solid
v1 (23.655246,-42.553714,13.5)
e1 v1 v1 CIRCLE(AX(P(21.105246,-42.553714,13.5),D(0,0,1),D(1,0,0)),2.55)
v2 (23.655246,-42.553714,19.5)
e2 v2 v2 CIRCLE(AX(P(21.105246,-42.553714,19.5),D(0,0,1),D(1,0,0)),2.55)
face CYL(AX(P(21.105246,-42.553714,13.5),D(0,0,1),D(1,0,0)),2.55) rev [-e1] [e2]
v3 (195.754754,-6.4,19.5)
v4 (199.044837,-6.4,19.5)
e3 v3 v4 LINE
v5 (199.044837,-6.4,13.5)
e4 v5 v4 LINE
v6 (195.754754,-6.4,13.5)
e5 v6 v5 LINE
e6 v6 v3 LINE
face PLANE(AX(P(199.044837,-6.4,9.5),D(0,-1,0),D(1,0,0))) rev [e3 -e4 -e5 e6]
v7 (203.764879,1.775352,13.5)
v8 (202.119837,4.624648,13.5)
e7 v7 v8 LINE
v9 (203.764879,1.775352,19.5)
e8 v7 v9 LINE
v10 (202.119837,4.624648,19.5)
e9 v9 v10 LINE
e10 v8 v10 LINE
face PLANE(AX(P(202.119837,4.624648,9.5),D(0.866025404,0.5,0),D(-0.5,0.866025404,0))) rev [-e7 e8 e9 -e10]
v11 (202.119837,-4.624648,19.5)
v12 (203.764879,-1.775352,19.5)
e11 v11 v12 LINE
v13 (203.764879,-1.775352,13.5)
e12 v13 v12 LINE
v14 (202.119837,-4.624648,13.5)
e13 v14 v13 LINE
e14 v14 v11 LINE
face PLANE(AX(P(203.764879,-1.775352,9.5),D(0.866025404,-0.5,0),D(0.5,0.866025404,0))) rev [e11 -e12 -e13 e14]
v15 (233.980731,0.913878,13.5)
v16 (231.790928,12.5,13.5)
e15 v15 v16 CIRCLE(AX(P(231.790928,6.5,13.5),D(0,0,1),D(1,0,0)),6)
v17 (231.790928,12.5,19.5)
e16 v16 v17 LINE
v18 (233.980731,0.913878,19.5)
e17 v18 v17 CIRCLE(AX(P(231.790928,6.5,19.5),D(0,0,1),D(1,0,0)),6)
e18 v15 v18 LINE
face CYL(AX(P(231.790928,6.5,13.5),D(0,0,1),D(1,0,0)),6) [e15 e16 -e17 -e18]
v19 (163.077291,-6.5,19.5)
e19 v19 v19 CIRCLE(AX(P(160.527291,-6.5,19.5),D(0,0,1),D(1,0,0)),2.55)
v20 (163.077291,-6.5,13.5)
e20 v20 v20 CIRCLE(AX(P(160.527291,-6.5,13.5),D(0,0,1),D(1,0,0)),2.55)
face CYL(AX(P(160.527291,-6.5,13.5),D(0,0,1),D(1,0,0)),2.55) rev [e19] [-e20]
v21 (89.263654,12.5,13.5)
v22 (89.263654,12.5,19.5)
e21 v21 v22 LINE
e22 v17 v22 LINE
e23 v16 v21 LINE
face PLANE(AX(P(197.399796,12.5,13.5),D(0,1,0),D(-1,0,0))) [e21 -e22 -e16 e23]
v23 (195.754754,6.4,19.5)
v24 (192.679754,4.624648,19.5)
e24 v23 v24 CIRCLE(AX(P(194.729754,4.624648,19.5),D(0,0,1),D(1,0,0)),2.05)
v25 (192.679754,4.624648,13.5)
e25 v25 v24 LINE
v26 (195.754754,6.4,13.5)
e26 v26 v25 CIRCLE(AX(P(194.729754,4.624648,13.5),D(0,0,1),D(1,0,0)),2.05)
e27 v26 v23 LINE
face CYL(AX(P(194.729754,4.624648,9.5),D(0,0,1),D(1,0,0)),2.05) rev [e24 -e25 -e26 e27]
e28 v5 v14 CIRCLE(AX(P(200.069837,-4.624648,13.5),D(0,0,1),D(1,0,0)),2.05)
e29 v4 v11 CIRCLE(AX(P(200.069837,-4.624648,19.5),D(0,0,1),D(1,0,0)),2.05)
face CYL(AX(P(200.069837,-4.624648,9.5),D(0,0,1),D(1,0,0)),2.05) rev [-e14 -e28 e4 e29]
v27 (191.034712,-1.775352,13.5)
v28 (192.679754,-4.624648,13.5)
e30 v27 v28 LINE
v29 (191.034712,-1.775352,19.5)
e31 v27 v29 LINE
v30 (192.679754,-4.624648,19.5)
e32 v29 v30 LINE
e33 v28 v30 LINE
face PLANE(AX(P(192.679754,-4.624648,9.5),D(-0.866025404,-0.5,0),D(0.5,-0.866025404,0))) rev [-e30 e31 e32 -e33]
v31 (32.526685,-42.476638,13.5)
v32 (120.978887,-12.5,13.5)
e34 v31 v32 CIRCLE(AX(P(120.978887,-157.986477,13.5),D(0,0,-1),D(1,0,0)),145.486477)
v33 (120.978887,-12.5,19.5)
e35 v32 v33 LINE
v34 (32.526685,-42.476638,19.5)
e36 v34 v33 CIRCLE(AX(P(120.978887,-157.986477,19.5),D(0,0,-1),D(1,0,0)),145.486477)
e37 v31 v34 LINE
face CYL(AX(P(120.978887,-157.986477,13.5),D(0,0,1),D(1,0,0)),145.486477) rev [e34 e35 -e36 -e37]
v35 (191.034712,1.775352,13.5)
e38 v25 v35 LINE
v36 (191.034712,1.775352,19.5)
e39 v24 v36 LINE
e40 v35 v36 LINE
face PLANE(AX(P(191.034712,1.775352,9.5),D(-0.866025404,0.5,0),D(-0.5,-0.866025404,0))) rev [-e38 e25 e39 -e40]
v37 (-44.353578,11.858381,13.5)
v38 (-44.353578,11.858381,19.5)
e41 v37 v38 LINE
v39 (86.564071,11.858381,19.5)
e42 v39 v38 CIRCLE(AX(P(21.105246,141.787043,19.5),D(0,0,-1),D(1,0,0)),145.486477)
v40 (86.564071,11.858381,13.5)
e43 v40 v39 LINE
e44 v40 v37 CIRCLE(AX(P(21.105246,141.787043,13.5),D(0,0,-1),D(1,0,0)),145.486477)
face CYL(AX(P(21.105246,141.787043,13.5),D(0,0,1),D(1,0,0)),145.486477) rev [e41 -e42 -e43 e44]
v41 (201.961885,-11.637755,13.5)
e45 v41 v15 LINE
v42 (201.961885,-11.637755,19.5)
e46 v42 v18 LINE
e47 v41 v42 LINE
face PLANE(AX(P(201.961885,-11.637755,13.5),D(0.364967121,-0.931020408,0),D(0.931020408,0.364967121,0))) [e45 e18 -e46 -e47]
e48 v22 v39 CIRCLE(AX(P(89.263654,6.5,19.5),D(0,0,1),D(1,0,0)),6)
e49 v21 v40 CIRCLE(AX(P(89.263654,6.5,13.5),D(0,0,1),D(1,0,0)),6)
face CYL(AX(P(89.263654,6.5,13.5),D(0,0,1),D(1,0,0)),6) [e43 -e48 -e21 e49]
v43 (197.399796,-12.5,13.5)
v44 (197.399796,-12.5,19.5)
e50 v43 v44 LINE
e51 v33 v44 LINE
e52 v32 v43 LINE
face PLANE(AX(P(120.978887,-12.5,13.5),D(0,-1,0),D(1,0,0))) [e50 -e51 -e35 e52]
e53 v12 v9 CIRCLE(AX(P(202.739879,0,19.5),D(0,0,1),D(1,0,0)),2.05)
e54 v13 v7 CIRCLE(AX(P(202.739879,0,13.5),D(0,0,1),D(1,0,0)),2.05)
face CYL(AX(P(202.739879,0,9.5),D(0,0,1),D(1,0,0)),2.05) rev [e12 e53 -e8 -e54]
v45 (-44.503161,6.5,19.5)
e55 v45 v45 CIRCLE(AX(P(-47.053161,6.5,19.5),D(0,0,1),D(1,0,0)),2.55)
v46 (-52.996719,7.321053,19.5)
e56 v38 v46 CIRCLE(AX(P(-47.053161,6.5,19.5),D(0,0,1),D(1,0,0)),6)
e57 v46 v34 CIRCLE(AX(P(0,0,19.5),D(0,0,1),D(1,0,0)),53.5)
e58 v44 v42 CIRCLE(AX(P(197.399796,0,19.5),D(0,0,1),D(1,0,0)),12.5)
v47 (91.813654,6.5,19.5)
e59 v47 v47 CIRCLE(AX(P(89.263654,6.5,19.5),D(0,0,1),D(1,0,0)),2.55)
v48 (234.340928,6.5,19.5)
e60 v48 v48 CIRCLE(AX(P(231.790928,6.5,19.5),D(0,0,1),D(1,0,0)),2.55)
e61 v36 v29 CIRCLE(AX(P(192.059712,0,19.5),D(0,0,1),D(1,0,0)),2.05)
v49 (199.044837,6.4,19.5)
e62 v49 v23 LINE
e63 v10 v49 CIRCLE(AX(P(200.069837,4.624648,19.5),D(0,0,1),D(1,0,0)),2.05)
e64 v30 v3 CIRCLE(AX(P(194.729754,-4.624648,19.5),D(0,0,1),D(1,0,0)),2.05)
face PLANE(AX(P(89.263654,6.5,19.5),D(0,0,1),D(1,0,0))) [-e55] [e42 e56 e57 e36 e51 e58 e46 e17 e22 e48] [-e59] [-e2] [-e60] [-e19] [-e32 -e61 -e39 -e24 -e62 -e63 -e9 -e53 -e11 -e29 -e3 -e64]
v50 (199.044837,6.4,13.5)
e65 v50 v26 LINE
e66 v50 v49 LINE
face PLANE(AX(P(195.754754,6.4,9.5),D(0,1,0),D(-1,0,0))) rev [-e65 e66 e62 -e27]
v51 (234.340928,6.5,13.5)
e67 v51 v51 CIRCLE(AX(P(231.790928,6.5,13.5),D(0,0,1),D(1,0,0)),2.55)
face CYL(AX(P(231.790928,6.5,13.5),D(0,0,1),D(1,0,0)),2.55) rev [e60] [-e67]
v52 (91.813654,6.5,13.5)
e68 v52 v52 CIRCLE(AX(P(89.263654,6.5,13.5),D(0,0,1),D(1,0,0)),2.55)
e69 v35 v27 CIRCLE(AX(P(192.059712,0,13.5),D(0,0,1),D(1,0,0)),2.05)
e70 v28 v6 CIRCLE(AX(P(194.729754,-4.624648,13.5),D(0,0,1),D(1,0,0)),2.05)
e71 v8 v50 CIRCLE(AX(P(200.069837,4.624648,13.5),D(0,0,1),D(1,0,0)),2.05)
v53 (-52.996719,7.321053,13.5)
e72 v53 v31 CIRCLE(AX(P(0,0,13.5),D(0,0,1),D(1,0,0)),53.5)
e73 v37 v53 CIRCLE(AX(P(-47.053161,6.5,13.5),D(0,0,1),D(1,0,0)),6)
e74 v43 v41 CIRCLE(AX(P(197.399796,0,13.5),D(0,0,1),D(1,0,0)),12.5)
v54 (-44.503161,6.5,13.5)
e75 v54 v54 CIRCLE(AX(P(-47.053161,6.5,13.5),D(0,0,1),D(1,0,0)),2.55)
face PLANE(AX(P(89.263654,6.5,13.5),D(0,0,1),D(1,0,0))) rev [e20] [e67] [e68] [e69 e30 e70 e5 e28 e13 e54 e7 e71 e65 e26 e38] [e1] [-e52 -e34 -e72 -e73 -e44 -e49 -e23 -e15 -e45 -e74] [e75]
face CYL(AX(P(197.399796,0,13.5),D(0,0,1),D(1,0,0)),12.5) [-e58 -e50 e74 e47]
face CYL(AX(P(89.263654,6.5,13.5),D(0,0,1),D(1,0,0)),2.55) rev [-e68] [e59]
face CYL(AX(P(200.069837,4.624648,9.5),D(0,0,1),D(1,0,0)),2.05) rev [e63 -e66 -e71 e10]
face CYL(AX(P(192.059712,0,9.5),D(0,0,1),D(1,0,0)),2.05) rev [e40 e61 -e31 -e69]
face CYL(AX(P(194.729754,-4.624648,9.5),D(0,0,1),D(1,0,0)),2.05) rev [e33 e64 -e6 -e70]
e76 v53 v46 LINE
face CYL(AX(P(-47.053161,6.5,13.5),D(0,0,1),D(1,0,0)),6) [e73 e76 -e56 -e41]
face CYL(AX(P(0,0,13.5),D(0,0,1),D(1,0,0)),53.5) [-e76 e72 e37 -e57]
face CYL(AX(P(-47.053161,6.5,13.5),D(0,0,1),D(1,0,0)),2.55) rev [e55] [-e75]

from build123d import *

# Parameters (mm, degrees)
SKETCH4_R           = 2.549999993
SKETCH4_R_2         = 2.55
SKETCH4_R_3         = 6
BOSS_EXTRUDE1_DEPTH = 6
CUT_EXTRUDE1_DEPTH  = 10


with BuildPart() as part:
    # Sketch4 → Boss-Extrude1 (new body)
    with BuildSketch(Plane.XY.offset(19.5)):
        with BuildLine():
            Line((201.961884602, -11.637755102), (233.980730892, 0.913877551))
            ThreePointArc((233.980730892, 0.913877551), (237.686550892, 7.614285714), (231.790928164, 12.5))
            Line((231.790928164, 12.5), (197.399795586, 12.5))
            Line((197.399795586, 12.5), (89.263654418, 12.5))
            ThreePointArc((89.263654418, 12.5), (87.876262264, 12.337391799), (86.564070557, 11.858381004))
            ThreePointArc((86.564070557, 11.858381004), (21.105246497, -3.69943352), (-44.353577564, 11.858381004))
            ThreePointArc((-44.353577564, 11.858381004), (-49.84201029, 11.812468541), (-52.996718657, 7.321052632))
            ThreePointArc((-52.996718657, 7.321052632), (-26.920402355, -46.233558559), (32.526685027, -42.476637828))
            ThreePointArc((32.526685027, -42.476637828), (74.2820165, -20.197808109), (120.978886956, -12.5))
            Line((120.978886956, -12.5), (197.399795586, -12.5))
            ThreePointArc((197.399795586, -12.5), (199.721224158, -12.282547349), (201.961884602, -11.637755102))
        make_face()
        with Locations((160.527291291, -6.5)):
            Circle(SKETCH4_R, mode=Mode.SUBTRACT)
        with Locations((89.263654418, 6.5)):
            Circle(SKETCH4_R, mode=Mode.SUBTRACT)
        with Locations((21.105246497, -42.553713943)):
            Circle(SKETCH4_R, mode=Mode.SUBTRACT)
        with Locations((-47.053161424, 6.5)):
            Circle(SKETCH4_R_2, mode=Mode.SUBTRACT)
        with Locations((197.399795586, 0)):
            Circle(SKETCH4_R_3, mode=Mode.SUBTRACT)
        with Locations((231.790928164, 6.5)):
            Circle(SKETCH4_R, mode=Mode.SUBTRACT)
    extrude(amount=-BOSS_EXTRUDE1_DEPTH)

    # Sketch5 → Cut-Extrude1 (cut)
    with BuildSketch(Plane.XY.offset(19.5)):
        with BuildLine():
            Line((191.03471214, 1.775352078), (192.679753863, 4.624647922))
            ThreePointArc((192.679753863, 4.624647922), (193.704753863, 6.4), (195.754753863, 6.4))
            Line((195.754753863, 6.4), (199.044837309, 6.4))
            ThreePointArc((199.044837309, 6.4), (201.094837309, 6.4), (202.119837309, 4.624647922))
            Line((202.119837309, 4.624647922), (203.764879032, 1.775352078))
            ThreePointArc((203.764879032, 1.775352078), (204.789879032, 0), (203.764879032, -1.775352078))
            Line((203.764879032, -1.775352078), (202.119837309, -4.624647922))
            ThreePointArc((202.119837309, -4.624647922), (201.094837309, -6.4), (199.044837309, -6.4))
            Line((199.044837309, -6.4), (195.754753863, -6.4))
            ThreePointArc((195.754753863, -6.4), (193.704753863, -6.4), (192.679753863, -4.624647922))
            Line((192.679753863, -4.624647922), (191.03471214, -1.775352078))
            ThreePointArc((191.03471214, -1.775352078), (190.00971214, 0), (191.03471214, 1.775352078))
        make_face()
    extrude(amount=-CUT_EXTRUDE1_DEPTH, mode=Mode.SUBTRACT)


solid = part.part
